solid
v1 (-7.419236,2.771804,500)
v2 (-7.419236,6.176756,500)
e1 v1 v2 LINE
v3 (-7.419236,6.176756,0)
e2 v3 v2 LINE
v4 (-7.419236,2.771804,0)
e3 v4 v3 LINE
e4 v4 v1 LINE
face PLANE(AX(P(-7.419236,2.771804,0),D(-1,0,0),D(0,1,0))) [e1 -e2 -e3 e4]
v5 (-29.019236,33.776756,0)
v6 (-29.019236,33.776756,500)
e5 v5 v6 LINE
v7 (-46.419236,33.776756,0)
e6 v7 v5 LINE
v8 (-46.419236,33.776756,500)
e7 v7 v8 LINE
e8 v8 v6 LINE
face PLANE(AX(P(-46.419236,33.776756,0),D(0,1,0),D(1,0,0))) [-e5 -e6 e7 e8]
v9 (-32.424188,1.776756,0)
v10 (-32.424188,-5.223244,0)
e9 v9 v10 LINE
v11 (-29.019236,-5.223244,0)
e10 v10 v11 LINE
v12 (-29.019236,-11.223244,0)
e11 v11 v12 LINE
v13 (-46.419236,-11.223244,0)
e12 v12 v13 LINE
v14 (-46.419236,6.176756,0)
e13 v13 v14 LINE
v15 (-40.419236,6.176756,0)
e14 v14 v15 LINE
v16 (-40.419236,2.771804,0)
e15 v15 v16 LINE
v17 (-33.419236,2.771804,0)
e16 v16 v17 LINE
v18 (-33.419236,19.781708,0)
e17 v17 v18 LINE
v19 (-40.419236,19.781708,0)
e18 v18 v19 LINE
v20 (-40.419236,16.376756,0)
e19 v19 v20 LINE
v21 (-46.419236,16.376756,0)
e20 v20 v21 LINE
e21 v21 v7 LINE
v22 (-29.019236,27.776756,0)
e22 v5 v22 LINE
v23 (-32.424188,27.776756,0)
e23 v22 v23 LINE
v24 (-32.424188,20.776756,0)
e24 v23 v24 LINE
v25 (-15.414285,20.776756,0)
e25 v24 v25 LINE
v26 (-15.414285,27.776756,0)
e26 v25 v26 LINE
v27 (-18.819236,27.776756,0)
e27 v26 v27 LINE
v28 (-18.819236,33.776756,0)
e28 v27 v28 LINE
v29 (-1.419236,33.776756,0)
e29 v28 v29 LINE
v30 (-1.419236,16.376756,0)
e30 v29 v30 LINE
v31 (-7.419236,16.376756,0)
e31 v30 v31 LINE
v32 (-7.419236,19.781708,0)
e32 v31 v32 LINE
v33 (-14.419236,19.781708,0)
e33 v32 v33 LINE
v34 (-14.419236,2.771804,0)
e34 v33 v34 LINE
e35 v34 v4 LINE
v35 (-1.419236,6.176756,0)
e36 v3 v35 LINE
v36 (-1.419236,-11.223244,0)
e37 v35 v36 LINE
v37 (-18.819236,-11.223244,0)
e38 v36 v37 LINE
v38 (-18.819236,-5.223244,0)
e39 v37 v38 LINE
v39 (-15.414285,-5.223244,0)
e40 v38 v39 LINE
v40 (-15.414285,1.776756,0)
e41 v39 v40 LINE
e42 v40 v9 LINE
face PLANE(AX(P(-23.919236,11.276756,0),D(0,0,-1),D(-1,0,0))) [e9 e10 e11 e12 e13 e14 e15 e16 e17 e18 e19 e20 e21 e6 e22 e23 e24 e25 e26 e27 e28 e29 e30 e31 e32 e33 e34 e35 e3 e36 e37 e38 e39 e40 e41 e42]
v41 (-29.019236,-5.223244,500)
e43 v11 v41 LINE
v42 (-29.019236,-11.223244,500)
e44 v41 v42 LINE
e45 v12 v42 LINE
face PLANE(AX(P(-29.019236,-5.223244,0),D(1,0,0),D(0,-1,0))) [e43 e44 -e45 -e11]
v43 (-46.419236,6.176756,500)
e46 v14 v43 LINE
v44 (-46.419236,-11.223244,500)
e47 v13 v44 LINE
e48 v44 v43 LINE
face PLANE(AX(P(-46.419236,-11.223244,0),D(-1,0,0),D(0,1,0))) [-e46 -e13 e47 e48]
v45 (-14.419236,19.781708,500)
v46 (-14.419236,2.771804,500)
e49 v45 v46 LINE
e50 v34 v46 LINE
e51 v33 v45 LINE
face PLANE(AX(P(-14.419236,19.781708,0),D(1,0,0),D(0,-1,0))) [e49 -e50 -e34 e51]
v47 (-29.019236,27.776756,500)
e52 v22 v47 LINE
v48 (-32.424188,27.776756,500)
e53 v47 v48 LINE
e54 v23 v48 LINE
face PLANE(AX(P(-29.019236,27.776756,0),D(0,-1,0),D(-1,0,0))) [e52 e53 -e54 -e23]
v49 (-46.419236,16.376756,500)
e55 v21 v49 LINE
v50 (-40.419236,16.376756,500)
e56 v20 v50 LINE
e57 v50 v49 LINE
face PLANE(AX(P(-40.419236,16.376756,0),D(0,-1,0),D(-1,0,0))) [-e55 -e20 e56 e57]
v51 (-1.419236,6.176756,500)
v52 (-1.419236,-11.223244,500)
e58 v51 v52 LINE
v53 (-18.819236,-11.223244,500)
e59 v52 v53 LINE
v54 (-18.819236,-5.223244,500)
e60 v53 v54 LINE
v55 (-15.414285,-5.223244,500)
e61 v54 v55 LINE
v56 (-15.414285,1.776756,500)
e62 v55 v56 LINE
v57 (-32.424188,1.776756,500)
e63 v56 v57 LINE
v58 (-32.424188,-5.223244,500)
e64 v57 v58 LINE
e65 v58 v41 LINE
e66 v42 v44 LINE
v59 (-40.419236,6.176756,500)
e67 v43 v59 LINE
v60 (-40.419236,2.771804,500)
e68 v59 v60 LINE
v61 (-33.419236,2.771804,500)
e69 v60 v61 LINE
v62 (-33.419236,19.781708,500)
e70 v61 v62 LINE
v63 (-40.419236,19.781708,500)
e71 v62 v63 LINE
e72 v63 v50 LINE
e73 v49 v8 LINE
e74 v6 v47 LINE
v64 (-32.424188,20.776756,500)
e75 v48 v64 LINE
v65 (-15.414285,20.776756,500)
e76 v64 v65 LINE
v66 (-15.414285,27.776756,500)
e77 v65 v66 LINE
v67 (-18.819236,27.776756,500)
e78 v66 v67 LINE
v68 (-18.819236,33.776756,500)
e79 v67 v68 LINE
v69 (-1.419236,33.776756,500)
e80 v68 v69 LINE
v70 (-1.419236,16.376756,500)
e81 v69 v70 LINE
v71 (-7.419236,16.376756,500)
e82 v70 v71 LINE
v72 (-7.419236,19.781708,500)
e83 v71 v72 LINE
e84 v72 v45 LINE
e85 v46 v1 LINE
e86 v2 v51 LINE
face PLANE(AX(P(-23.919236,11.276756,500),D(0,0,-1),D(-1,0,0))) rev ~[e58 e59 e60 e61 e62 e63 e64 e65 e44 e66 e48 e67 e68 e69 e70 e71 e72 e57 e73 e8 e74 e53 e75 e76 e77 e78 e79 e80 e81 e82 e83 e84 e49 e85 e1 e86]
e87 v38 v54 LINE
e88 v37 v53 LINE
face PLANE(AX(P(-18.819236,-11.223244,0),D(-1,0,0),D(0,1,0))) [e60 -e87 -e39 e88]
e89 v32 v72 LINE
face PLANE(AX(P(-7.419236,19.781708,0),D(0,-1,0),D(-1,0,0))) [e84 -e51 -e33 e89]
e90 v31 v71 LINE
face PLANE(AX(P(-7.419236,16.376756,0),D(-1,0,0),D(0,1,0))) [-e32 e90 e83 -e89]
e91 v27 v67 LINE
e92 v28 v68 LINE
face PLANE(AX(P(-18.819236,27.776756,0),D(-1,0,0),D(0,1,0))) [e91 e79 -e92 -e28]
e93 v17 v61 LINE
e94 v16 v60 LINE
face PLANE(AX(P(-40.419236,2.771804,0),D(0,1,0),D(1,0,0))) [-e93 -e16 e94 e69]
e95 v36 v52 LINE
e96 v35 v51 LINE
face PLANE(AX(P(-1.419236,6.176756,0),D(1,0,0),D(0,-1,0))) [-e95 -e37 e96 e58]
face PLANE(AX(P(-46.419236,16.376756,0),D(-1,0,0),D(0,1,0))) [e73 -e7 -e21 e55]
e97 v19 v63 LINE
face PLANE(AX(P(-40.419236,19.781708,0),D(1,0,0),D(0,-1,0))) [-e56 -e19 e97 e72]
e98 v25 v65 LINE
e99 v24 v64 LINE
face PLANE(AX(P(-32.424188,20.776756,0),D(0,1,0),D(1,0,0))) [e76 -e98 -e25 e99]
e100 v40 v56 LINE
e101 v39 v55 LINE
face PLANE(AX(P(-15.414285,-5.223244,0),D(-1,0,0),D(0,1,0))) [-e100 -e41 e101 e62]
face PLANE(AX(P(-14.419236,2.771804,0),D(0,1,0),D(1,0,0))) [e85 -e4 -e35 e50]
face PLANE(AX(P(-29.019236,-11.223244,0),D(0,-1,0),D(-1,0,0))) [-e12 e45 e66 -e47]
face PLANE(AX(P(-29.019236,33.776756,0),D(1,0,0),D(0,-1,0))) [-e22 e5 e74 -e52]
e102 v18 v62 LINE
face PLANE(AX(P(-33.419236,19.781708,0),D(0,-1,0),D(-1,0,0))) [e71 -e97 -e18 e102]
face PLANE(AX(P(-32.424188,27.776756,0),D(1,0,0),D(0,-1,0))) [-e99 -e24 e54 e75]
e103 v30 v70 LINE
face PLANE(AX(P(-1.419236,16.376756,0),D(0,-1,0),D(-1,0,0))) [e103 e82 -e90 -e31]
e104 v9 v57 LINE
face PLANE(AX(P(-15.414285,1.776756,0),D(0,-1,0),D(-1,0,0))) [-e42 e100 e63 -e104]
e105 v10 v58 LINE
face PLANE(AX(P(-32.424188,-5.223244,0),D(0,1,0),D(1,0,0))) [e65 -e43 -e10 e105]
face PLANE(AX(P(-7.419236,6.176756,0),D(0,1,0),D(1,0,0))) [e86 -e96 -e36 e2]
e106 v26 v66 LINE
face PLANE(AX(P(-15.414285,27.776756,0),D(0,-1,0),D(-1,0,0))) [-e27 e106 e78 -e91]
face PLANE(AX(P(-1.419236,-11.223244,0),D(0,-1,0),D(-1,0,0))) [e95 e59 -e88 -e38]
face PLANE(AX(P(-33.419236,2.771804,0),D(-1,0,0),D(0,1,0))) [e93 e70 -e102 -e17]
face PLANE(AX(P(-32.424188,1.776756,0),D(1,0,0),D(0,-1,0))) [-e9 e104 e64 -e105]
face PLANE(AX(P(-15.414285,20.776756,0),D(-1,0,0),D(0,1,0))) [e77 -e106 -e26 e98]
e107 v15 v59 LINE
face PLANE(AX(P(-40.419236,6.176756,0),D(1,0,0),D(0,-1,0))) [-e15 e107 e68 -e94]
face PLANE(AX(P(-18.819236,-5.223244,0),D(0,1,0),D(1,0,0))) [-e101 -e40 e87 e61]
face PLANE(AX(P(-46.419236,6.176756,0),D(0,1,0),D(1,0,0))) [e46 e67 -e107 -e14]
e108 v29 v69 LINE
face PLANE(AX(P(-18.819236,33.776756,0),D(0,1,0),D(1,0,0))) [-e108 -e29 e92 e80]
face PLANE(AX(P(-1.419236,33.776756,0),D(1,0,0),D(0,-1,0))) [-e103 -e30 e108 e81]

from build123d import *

# Parameters (mm, degrees)
AUFSATZ_LINEAR_AUSTRAGEN1_DEPTH = 500


with BuildPart() as part:
    # Skizze1 → Aufsatz-Linear austragen1 (new body)
    with BuildSketch(Plane.XY):
        Polygon((-18.819236164, 33.776755942), (-1.419236164, 33.776755942), (-1.419236164, 16.376755942), (-7.419236164, 16.376755942), (-7.419236164, 19.781707503), (-14.419236164, 19.781707503), (-14.419236164, 2.77180438), (-7.419236164, 2.77180438), (-7.419236164, 6.176755942), (-1.419236164, 6.176755942), (-1.419236164, -11.223244058), (-18.819236164, -11.223244058), (-18.819236164, -5.223244058), (-15.414284603, -5.223244058), (-15.414284603, 1.776755942), (-32.424187726, 1.776755942), (-32.424187726, -5.223244058), (-29.019236164, -5.223244058), (-29.019236164, -11.223244058), (-46.419236164, -11.223244058), (-46.419236164, 6.176755942), (-40.419236164, 6.176755942), (-40.419236164, 2.77180438), (-33.419236164, 2.77180438), (-33.419236164, 19.781707503), (-40.419236164, 19.781707503), (-40.419236164, 16.376755942), (-46.419236164, 16.376755942), (-46.419236164, 33.776755942), (-29.019236164, 33.776755942), (-29.019236164, 27.776755942), (-32.424187726, 27.776755942), (-32.424187726, 20.776755942), (-15.414284603, 20.776755942), (-15.414284603, 27.776755942), (-18.819236164, 27.776755942), align=None)
    extrude(amount=AUFSATZ_LINEAR_AUSTRAGEN1_DEPTH)


solid = part.part
